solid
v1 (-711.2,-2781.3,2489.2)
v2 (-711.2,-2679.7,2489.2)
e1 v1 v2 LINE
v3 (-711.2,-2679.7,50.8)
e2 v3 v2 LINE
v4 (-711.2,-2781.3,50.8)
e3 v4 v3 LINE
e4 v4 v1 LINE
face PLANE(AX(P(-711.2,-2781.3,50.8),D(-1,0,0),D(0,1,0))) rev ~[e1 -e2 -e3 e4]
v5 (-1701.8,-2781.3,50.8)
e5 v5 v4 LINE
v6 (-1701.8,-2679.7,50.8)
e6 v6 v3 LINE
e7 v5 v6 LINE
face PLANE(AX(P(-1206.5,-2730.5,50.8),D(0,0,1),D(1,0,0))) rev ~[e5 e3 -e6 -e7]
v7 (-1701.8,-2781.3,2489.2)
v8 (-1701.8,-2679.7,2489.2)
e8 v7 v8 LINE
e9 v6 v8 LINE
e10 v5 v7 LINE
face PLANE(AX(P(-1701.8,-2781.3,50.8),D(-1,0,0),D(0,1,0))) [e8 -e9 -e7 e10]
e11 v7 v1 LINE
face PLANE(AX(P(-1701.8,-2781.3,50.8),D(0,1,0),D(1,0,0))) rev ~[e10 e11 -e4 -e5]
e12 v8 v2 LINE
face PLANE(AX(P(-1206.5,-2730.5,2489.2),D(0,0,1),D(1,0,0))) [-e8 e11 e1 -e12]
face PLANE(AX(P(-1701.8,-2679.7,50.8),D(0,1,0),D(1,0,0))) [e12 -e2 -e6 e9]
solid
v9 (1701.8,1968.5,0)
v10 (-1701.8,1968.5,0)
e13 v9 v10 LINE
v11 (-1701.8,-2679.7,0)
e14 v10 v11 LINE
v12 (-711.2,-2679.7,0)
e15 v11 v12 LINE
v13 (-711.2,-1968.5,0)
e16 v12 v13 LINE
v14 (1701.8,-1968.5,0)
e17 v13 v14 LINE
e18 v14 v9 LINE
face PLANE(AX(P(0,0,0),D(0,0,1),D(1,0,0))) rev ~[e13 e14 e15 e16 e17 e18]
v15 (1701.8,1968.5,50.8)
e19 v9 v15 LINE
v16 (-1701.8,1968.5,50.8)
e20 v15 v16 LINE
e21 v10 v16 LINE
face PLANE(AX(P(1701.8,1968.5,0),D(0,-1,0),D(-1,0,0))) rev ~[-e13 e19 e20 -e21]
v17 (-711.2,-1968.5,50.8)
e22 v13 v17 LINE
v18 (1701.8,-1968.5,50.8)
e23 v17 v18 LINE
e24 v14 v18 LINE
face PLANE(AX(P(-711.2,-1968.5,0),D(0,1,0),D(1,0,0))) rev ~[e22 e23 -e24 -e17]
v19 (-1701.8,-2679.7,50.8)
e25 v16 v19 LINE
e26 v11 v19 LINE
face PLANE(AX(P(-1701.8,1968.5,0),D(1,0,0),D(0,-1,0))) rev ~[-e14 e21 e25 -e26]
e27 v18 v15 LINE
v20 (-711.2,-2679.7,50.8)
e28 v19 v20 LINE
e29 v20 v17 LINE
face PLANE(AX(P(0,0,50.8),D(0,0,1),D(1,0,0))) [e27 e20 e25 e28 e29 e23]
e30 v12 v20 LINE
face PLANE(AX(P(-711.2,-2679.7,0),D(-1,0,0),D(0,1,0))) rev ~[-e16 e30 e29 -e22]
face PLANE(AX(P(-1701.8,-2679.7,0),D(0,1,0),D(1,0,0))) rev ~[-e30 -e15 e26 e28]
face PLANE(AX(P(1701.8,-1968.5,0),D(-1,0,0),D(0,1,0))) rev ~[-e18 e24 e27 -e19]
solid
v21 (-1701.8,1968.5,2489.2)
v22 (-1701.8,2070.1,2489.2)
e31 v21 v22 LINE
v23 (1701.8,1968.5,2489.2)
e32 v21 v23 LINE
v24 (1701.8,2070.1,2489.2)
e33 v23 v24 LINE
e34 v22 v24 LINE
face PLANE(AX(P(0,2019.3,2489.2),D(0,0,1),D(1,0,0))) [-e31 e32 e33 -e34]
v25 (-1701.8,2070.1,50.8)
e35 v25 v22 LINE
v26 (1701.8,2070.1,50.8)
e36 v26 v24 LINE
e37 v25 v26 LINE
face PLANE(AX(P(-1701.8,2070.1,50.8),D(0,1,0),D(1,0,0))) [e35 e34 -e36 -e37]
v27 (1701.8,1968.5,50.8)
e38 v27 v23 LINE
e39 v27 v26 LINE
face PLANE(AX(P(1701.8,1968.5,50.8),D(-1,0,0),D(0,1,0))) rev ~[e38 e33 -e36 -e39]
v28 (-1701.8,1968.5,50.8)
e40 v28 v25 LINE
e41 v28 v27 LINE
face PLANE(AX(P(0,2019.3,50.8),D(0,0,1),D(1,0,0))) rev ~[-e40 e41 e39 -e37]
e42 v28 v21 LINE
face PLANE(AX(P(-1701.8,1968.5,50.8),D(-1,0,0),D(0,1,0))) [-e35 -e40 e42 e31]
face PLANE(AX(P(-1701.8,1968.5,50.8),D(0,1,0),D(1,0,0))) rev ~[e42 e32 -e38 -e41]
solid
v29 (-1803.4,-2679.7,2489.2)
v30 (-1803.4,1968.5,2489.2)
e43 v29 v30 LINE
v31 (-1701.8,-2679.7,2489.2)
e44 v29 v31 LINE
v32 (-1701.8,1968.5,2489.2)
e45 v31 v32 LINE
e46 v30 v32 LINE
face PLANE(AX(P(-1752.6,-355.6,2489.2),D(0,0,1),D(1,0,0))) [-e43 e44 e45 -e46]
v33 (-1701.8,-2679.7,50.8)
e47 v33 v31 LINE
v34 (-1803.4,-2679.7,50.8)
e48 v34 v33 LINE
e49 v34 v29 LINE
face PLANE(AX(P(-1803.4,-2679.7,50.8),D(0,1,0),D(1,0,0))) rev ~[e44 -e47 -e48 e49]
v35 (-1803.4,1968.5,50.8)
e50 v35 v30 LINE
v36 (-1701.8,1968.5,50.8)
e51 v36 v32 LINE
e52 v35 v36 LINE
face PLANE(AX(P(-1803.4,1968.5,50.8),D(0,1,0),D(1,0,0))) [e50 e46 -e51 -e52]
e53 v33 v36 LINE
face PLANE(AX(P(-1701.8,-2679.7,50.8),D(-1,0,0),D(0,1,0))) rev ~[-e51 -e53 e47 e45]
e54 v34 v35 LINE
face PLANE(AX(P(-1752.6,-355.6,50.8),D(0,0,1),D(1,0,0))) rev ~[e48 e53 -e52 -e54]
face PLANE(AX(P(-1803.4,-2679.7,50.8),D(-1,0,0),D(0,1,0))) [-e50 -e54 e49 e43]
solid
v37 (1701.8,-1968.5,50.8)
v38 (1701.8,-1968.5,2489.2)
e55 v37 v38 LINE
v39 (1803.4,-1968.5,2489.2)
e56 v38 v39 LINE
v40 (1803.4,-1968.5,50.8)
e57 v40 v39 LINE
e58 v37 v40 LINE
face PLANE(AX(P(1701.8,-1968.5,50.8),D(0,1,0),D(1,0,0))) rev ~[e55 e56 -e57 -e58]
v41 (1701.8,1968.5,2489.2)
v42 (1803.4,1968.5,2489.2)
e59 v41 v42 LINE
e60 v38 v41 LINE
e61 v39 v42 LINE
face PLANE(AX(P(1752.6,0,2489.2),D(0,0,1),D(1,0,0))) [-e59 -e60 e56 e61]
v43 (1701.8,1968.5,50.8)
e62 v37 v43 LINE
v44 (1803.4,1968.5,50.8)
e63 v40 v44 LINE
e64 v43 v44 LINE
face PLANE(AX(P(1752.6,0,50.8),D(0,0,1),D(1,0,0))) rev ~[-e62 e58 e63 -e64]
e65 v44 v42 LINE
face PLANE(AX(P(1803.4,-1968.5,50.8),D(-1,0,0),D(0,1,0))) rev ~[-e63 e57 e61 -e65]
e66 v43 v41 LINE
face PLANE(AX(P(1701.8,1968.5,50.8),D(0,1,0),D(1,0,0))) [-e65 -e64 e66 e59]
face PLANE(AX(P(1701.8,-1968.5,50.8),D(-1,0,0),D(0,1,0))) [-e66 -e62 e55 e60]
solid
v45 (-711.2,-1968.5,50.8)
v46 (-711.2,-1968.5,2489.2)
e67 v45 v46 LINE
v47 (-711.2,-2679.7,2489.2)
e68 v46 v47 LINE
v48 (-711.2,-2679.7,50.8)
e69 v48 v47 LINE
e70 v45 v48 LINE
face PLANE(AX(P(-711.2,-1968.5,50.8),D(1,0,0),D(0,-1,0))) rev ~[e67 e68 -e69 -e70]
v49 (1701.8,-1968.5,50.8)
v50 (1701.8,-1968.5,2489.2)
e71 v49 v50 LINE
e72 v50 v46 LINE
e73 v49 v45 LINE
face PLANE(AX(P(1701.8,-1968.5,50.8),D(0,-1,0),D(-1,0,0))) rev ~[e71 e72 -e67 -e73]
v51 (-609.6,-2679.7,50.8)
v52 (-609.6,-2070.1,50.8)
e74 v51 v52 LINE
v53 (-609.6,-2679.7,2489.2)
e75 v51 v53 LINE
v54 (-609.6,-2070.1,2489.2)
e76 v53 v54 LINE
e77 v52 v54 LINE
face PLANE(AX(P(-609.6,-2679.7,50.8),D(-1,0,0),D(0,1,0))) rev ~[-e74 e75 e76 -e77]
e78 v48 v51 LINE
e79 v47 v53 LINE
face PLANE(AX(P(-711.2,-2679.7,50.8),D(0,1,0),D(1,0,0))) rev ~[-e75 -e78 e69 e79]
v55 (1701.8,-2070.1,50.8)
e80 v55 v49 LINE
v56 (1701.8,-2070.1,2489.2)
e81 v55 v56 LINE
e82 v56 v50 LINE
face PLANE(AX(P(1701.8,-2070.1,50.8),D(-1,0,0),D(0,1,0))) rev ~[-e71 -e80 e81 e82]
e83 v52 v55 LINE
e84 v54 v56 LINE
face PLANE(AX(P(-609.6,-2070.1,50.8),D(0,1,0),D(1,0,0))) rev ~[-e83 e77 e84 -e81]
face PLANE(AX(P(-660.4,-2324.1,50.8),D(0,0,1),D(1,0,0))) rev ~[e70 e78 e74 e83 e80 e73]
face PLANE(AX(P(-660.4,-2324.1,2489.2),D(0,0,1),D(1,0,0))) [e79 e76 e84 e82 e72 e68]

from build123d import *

# Parameters (mm, degrees)
F0_W     = 990.6
F0_H     = 711.2
F1_DEPTH = 50.8
F2_W     = 3403.6
F2_H     = 101.6
F2_W_2   = 990.6
F2_W_3   = 2311.4
F2_W_4   = 101.6
F2_H_2   = 3937
F2_H_3   = 4648.2
F3_DEPTH = 2438.4


with BuildPart() as f1:
    # F0 (on Top) → F1 (new body)
    with BuildSketch(Plane.XY):
        Polygon((1701.8, -1968.5), (1701.8, 1968.5), (-1701.8, 1968.5), (-1701.8, -1968.5), (-711.2, -1968.5), align=None)
        with Locations((-1206.5, -2324.1)):
            Rectangle(F0_W, F0_H)
    extrude(amount=F1_DEPTH)


with BuildPart() as f3:
    # F2 (on face) → F3 (new body)
    with BuildSketch(Plane.XY.offset(50.8)):
        with Locations((0, 2019.3)):
            Rectangle(F2_W, F2_H)
        with Locations((-1206.5, -2730.5)):
            Rectangle(F2_W_2, F2_H)
        Polygon((-609.6, -2070.1), (-609.6, -1968.5), (-711.2, -1968.5), (-711.2, -2679.7), (-609.6, -2679.7), align=None)
        with Locations((546.1, -2019.3)):
            Rectangle(F2_W_3, F2_H)
        with Locations((1752.6, 0)):
            Rectangle(F2_W_4, F2_H_2)
        with Locations((-1752.6, -355.6)):
            Rectangle(F2_W_4, F2_H_3)
    extrude(amount=F3_DEPTH)


solid = Compound([f1.part, f3.part])
